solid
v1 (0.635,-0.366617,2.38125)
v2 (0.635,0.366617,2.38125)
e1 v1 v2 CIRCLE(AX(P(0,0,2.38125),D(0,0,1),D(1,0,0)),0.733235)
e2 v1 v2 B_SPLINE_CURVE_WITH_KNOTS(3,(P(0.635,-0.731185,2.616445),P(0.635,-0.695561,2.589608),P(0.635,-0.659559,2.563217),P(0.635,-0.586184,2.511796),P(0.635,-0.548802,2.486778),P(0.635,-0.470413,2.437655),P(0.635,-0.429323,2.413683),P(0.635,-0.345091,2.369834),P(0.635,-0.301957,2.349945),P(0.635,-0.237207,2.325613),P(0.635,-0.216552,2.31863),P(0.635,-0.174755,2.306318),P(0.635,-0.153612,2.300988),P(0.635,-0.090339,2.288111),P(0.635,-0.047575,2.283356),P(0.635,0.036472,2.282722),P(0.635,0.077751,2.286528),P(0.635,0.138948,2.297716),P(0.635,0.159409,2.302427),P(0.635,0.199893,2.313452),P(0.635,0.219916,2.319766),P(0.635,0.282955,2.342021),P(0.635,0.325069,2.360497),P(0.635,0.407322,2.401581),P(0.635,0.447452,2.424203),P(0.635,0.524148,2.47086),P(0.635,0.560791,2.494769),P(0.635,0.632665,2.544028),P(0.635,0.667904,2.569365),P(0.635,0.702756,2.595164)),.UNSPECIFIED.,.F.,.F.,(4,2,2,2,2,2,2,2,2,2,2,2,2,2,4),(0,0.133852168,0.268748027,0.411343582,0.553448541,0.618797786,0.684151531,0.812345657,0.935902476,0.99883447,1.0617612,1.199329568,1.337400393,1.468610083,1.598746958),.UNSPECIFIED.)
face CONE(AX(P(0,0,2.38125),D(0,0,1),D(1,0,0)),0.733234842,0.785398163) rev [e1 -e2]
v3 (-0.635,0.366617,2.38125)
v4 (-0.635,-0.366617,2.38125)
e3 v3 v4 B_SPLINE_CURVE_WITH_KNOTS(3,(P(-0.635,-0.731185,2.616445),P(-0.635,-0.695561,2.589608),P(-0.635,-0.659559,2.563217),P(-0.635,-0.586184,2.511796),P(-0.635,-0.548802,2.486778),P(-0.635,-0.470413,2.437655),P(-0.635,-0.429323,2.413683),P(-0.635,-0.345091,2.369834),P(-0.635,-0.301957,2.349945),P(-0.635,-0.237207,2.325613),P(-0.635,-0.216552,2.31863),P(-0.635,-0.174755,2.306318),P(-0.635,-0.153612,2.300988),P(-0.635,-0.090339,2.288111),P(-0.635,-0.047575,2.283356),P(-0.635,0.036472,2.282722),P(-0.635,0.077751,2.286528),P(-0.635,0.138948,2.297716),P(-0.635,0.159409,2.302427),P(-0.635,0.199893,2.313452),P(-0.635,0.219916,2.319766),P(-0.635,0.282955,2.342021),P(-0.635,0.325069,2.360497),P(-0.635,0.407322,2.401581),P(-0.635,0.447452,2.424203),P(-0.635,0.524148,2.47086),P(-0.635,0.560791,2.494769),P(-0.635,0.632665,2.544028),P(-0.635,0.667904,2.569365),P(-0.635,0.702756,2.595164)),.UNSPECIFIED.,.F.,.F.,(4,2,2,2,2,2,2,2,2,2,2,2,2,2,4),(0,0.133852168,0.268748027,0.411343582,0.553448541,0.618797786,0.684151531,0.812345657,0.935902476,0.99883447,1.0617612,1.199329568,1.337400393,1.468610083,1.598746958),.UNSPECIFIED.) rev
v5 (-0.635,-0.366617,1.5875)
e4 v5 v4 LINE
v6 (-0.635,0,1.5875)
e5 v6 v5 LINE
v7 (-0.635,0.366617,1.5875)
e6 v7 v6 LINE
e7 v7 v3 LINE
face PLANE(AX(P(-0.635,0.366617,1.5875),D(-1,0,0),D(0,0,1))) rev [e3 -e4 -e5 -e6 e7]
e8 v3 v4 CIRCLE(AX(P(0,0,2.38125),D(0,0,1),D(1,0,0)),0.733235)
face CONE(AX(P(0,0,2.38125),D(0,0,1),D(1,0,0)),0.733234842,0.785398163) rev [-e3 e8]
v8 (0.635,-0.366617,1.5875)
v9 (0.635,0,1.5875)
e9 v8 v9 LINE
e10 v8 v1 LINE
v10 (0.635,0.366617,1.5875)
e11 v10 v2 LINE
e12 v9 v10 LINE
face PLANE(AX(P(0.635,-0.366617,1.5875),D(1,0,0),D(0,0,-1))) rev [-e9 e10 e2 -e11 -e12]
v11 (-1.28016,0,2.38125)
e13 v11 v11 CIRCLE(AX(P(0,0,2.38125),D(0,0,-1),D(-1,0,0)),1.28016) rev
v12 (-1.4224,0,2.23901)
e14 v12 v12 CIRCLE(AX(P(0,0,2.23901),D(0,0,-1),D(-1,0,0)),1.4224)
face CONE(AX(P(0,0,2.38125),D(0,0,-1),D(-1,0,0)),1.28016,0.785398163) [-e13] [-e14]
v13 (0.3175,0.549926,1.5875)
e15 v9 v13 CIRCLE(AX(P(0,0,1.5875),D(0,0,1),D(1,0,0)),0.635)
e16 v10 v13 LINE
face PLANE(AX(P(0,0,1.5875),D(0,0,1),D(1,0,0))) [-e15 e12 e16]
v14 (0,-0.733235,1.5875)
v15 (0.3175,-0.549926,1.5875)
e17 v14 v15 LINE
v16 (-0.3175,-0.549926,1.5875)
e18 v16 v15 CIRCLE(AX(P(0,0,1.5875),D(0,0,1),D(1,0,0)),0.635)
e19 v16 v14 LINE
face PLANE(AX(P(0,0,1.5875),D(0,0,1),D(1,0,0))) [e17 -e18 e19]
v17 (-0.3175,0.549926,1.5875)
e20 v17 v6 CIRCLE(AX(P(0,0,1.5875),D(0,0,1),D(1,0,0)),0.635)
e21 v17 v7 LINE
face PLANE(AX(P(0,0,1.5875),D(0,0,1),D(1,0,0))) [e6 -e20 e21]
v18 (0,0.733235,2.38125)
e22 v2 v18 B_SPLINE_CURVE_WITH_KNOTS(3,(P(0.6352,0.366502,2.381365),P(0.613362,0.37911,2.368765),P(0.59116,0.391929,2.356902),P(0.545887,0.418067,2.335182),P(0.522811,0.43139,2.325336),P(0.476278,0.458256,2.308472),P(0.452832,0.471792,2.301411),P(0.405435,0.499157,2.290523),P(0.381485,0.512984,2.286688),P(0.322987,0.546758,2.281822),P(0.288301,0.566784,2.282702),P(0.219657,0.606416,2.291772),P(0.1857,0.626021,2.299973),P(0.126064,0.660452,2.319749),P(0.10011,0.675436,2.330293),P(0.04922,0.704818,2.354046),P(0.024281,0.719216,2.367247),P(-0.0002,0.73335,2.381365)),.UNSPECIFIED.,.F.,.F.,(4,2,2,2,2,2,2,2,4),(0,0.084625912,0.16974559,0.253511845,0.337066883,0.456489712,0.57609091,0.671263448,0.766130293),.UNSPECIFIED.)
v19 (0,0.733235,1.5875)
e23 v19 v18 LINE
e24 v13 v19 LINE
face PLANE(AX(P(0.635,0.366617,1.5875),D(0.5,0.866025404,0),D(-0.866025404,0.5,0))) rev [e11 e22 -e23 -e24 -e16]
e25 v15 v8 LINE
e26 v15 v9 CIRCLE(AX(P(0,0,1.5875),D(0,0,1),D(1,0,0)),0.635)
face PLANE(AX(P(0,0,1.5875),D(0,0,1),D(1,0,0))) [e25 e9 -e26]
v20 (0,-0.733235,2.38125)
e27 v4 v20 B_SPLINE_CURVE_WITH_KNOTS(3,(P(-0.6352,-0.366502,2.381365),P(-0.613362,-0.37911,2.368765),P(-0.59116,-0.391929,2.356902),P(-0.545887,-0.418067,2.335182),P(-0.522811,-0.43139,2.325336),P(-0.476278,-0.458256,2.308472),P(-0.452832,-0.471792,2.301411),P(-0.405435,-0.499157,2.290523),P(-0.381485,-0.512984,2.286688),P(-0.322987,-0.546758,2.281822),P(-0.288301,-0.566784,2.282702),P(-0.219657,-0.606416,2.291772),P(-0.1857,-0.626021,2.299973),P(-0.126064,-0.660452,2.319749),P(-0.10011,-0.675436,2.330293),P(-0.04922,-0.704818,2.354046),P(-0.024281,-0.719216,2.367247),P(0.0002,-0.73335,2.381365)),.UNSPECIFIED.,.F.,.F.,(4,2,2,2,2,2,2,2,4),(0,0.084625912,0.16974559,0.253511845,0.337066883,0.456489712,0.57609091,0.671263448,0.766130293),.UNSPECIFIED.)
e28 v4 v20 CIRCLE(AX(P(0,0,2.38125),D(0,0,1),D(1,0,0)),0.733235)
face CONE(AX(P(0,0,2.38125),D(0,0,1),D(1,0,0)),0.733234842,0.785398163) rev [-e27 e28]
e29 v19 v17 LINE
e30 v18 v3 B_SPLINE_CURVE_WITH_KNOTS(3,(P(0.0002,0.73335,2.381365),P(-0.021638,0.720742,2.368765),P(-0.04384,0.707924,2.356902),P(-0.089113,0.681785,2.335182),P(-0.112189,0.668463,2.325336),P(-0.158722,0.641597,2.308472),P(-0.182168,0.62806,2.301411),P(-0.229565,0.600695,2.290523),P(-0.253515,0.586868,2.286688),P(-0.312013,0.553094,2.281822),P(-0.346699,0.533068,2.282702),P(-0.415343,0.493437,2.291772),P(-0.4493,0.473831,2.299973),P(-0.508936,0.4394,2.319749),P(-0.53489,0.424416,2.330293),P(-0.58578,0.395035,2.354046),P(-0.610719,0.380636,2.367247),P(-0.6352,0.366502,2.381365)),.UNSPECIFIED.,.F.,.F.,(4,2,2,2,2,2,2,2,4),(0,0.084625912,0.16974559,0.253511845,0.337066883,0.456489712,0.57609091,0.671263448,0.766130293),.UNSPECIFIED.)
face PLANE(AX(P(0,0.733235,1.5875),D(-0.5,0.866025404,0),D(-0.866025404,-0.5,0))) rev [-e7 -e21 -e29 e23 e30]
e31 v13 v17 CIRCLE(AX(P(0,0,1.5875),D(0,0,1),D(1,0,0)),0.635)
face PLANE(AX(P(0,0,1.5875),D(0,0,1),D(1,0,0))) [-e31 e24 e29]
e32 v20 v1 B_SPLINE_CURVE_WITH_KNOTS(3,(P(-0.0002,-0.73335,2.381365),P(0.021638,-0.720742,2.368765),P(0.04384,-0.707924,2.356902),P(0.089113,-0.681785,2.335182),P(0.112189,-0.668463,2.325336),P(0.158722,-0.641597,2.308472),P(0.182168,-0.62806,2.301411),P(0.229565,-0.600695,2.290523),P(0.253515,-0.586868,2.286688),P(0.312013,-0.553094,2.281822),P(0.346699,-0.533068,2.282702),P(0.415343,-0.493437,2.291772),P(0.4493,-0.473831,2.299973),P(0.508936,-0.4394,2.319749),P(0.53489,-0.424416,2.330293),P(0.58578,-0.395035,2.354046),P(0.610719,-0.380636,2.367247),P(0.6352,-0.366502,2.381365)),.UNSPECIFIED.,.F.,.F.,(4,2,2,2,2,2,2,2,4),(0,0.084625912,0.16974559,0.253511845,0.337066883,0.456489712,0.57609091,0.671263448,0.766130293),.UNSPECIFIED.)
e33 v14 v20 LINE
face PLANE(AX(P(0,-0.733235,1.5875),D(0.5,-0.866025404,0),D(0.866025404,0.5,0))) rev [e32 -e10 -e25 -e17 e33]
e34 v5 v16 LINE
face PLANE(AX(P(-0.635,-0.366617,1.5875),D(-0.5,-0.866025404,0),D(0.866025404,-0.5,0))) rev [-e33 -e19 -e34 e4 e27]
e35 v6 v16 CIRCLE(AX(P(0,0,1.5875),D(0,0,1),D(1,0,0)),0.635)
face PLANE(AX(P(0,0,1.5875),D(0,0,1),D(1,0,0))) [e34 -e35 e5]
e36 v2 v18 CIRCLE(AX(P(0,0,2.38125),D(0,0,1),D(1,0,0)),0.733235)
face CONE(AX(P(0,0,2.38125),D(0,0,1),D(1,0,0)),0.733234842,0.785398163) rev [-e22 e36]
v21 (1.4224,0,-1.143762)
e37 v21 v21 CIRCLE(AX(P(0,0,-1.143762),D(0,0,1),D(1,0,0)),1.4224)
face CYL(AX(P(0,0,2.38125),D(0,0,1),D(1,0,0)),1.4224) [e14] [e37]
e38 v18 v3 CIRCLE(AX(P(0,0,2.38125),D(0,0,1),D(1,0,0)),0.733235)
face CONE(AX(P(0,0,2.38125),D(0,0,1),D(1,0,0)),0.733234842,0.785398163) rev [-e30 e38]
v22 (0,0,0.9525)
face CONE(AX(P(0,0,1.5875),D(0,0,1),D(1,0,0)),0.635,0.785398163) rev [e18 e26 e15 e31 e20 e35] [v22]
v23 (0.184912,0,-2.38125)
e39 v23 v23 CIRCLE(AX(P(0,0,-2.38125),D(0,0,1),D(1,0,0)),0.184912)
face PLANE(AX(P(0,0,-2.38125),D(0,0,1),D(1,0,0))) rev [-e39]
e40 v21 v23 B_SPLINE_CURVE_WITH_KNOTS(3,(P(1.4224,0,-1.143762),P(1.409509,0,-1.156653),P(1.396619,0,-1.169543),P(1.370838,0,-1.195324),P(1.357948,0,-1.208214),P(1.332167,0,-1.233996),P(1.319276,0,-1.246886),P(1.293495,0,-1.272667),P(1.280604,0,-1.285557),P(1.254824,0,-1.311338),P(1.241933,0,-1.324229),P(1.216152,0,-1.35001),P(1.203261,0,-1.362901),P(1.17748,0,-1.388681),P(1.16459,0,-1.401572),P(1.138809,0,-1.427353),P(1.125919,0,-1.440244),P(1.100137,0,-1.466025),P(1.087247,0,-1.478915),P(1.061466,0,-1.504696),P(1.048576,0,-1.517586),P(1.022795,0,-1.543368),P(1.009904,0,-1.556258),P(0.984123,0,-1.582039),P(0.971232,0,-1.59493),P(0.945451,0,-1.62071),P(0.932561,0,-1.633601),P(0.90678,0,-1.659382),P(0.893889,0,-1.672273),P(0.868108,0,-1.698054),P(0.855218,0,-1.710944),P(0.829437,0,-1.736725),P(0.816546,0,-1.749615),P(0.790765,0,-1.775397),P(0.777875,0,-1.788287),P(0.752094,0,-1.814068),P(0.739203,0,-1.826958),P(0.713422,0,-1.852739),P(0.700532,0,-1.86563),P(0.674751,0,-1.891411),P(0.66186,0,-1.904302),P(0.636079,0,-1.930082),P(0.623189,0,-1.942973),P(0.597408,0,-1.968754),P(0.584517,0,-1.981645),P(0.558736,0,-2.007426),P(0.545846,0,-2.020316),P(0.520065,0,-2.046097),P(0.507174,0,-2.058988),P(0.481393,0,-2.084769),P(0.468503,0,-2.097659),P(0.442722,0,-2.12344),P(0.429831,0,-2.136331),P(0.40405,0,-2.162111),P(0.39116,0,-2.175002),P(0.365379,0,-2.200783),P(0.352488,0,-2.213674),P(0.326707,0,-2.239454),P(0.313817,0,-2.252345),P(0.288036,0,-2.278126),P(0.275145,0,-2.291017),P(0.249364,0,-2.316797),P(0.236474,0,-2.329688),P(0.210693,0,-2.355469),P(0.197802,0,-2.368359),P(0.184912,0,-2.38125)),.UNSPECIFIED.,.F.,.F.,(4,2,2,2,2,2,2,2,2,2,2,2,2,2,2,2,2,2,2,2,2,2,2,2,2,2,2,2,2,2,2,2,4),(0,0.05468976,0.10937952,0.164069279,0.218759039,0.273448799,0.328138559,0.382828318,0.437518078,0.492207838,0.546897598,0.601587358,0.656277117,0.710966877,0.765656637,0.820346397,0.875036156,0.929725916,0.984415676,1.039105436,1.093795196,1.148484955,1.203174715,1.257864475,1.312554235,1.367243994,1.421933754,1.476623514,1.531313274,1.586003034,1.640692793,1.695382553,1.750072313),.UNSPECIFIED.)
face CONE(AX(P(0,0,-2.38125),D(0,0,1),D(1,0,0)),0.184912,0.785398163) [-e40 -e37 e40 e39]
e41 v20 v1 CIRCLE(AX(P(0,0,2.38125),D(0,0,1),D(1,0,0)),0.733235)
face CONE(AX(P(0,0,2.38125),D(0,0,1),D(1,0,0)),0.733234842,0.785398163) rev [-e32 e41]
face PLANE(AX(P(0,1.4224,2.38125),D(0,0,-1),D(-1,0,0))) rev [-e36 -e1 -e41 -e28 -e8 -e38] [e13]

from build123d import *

# Parameters (mm, degrees)
CHAMFER1_SIZE      = 0.14224
CUT_EXTRUDE1_DEPTH = 0.79375


with BuildPart() as part:
    # Sketch2 → Revolve1 (revolve)
    with BuildSketch(Plane(origin=(0, 0, 0), x_dir=(0, 0, -1), z_dir=(1, 0, 0))):
        Polygon((-2.38125, 0), (2.38125, 0), (2.38125, 0.184912), (1.143762, 1.4224), (-2.38125, 1.4224), align=None)
    revolve(axis=Axis((0, 0, 2.38125), (0, 0, -1)))

    # Chamfer1
    chamfer1_edges = [part.edges().sort_by_distance(p)[0] for p in [
        (0, -1.4224, 2.38125),
    ]]
    chamfer(chamfer1_edges, length=CHAMFER1_SIZE)

    # Sketch3 → Cut-Extrude1 (cut)
    with BuildSketch(Plane.XY.offset(2.38125)):
        Polygon((0, -0.733234842), (0.635, -0.366617421), (0.635, 0.366617421), (0, 0.733234842), (-0.635, 0.366617421), (-0.635, -0.366617421), align=None)
    extrude(amount=-CUT_EXTRUDE1_DEPTH, mode=Mode.SUBTRACT)

    # Cut-Extrude2 cone 1 section (through the dimple's axis) → Cut-Extrude2 (revolve, cut)
    with BuildSketch(Plane(origin=(0, 0, 2.38125), x_dir=(0, -1, 0), z_dir=(1, 0, 0))):
        Polygon((0, 0), (0.733234842, 0), (0, 0.733234842), align=None)
    revolve(axis=Axis((0, 0, 2.38125), (0, 0, -1)), mode=Mode.SUBTRACT)

    # Cut-Extrude3 cone 1 section (through the dimple's axis) → Cut-Extrude3 (revolve, cut)
    with BuildSketch(Plane(origin=(0, 0, 1.5875), x_dir=(0, -1, 0), z_dir=(1, 0, 0))):
        Polygon((0, 0), (0.635, 0), (0, 0.635), align=None)
    revolve(axis=Axis((0, 0, 1.5875), (0, 0, -1)), mode=Mode.SUBTRACT)


solid = part.part
